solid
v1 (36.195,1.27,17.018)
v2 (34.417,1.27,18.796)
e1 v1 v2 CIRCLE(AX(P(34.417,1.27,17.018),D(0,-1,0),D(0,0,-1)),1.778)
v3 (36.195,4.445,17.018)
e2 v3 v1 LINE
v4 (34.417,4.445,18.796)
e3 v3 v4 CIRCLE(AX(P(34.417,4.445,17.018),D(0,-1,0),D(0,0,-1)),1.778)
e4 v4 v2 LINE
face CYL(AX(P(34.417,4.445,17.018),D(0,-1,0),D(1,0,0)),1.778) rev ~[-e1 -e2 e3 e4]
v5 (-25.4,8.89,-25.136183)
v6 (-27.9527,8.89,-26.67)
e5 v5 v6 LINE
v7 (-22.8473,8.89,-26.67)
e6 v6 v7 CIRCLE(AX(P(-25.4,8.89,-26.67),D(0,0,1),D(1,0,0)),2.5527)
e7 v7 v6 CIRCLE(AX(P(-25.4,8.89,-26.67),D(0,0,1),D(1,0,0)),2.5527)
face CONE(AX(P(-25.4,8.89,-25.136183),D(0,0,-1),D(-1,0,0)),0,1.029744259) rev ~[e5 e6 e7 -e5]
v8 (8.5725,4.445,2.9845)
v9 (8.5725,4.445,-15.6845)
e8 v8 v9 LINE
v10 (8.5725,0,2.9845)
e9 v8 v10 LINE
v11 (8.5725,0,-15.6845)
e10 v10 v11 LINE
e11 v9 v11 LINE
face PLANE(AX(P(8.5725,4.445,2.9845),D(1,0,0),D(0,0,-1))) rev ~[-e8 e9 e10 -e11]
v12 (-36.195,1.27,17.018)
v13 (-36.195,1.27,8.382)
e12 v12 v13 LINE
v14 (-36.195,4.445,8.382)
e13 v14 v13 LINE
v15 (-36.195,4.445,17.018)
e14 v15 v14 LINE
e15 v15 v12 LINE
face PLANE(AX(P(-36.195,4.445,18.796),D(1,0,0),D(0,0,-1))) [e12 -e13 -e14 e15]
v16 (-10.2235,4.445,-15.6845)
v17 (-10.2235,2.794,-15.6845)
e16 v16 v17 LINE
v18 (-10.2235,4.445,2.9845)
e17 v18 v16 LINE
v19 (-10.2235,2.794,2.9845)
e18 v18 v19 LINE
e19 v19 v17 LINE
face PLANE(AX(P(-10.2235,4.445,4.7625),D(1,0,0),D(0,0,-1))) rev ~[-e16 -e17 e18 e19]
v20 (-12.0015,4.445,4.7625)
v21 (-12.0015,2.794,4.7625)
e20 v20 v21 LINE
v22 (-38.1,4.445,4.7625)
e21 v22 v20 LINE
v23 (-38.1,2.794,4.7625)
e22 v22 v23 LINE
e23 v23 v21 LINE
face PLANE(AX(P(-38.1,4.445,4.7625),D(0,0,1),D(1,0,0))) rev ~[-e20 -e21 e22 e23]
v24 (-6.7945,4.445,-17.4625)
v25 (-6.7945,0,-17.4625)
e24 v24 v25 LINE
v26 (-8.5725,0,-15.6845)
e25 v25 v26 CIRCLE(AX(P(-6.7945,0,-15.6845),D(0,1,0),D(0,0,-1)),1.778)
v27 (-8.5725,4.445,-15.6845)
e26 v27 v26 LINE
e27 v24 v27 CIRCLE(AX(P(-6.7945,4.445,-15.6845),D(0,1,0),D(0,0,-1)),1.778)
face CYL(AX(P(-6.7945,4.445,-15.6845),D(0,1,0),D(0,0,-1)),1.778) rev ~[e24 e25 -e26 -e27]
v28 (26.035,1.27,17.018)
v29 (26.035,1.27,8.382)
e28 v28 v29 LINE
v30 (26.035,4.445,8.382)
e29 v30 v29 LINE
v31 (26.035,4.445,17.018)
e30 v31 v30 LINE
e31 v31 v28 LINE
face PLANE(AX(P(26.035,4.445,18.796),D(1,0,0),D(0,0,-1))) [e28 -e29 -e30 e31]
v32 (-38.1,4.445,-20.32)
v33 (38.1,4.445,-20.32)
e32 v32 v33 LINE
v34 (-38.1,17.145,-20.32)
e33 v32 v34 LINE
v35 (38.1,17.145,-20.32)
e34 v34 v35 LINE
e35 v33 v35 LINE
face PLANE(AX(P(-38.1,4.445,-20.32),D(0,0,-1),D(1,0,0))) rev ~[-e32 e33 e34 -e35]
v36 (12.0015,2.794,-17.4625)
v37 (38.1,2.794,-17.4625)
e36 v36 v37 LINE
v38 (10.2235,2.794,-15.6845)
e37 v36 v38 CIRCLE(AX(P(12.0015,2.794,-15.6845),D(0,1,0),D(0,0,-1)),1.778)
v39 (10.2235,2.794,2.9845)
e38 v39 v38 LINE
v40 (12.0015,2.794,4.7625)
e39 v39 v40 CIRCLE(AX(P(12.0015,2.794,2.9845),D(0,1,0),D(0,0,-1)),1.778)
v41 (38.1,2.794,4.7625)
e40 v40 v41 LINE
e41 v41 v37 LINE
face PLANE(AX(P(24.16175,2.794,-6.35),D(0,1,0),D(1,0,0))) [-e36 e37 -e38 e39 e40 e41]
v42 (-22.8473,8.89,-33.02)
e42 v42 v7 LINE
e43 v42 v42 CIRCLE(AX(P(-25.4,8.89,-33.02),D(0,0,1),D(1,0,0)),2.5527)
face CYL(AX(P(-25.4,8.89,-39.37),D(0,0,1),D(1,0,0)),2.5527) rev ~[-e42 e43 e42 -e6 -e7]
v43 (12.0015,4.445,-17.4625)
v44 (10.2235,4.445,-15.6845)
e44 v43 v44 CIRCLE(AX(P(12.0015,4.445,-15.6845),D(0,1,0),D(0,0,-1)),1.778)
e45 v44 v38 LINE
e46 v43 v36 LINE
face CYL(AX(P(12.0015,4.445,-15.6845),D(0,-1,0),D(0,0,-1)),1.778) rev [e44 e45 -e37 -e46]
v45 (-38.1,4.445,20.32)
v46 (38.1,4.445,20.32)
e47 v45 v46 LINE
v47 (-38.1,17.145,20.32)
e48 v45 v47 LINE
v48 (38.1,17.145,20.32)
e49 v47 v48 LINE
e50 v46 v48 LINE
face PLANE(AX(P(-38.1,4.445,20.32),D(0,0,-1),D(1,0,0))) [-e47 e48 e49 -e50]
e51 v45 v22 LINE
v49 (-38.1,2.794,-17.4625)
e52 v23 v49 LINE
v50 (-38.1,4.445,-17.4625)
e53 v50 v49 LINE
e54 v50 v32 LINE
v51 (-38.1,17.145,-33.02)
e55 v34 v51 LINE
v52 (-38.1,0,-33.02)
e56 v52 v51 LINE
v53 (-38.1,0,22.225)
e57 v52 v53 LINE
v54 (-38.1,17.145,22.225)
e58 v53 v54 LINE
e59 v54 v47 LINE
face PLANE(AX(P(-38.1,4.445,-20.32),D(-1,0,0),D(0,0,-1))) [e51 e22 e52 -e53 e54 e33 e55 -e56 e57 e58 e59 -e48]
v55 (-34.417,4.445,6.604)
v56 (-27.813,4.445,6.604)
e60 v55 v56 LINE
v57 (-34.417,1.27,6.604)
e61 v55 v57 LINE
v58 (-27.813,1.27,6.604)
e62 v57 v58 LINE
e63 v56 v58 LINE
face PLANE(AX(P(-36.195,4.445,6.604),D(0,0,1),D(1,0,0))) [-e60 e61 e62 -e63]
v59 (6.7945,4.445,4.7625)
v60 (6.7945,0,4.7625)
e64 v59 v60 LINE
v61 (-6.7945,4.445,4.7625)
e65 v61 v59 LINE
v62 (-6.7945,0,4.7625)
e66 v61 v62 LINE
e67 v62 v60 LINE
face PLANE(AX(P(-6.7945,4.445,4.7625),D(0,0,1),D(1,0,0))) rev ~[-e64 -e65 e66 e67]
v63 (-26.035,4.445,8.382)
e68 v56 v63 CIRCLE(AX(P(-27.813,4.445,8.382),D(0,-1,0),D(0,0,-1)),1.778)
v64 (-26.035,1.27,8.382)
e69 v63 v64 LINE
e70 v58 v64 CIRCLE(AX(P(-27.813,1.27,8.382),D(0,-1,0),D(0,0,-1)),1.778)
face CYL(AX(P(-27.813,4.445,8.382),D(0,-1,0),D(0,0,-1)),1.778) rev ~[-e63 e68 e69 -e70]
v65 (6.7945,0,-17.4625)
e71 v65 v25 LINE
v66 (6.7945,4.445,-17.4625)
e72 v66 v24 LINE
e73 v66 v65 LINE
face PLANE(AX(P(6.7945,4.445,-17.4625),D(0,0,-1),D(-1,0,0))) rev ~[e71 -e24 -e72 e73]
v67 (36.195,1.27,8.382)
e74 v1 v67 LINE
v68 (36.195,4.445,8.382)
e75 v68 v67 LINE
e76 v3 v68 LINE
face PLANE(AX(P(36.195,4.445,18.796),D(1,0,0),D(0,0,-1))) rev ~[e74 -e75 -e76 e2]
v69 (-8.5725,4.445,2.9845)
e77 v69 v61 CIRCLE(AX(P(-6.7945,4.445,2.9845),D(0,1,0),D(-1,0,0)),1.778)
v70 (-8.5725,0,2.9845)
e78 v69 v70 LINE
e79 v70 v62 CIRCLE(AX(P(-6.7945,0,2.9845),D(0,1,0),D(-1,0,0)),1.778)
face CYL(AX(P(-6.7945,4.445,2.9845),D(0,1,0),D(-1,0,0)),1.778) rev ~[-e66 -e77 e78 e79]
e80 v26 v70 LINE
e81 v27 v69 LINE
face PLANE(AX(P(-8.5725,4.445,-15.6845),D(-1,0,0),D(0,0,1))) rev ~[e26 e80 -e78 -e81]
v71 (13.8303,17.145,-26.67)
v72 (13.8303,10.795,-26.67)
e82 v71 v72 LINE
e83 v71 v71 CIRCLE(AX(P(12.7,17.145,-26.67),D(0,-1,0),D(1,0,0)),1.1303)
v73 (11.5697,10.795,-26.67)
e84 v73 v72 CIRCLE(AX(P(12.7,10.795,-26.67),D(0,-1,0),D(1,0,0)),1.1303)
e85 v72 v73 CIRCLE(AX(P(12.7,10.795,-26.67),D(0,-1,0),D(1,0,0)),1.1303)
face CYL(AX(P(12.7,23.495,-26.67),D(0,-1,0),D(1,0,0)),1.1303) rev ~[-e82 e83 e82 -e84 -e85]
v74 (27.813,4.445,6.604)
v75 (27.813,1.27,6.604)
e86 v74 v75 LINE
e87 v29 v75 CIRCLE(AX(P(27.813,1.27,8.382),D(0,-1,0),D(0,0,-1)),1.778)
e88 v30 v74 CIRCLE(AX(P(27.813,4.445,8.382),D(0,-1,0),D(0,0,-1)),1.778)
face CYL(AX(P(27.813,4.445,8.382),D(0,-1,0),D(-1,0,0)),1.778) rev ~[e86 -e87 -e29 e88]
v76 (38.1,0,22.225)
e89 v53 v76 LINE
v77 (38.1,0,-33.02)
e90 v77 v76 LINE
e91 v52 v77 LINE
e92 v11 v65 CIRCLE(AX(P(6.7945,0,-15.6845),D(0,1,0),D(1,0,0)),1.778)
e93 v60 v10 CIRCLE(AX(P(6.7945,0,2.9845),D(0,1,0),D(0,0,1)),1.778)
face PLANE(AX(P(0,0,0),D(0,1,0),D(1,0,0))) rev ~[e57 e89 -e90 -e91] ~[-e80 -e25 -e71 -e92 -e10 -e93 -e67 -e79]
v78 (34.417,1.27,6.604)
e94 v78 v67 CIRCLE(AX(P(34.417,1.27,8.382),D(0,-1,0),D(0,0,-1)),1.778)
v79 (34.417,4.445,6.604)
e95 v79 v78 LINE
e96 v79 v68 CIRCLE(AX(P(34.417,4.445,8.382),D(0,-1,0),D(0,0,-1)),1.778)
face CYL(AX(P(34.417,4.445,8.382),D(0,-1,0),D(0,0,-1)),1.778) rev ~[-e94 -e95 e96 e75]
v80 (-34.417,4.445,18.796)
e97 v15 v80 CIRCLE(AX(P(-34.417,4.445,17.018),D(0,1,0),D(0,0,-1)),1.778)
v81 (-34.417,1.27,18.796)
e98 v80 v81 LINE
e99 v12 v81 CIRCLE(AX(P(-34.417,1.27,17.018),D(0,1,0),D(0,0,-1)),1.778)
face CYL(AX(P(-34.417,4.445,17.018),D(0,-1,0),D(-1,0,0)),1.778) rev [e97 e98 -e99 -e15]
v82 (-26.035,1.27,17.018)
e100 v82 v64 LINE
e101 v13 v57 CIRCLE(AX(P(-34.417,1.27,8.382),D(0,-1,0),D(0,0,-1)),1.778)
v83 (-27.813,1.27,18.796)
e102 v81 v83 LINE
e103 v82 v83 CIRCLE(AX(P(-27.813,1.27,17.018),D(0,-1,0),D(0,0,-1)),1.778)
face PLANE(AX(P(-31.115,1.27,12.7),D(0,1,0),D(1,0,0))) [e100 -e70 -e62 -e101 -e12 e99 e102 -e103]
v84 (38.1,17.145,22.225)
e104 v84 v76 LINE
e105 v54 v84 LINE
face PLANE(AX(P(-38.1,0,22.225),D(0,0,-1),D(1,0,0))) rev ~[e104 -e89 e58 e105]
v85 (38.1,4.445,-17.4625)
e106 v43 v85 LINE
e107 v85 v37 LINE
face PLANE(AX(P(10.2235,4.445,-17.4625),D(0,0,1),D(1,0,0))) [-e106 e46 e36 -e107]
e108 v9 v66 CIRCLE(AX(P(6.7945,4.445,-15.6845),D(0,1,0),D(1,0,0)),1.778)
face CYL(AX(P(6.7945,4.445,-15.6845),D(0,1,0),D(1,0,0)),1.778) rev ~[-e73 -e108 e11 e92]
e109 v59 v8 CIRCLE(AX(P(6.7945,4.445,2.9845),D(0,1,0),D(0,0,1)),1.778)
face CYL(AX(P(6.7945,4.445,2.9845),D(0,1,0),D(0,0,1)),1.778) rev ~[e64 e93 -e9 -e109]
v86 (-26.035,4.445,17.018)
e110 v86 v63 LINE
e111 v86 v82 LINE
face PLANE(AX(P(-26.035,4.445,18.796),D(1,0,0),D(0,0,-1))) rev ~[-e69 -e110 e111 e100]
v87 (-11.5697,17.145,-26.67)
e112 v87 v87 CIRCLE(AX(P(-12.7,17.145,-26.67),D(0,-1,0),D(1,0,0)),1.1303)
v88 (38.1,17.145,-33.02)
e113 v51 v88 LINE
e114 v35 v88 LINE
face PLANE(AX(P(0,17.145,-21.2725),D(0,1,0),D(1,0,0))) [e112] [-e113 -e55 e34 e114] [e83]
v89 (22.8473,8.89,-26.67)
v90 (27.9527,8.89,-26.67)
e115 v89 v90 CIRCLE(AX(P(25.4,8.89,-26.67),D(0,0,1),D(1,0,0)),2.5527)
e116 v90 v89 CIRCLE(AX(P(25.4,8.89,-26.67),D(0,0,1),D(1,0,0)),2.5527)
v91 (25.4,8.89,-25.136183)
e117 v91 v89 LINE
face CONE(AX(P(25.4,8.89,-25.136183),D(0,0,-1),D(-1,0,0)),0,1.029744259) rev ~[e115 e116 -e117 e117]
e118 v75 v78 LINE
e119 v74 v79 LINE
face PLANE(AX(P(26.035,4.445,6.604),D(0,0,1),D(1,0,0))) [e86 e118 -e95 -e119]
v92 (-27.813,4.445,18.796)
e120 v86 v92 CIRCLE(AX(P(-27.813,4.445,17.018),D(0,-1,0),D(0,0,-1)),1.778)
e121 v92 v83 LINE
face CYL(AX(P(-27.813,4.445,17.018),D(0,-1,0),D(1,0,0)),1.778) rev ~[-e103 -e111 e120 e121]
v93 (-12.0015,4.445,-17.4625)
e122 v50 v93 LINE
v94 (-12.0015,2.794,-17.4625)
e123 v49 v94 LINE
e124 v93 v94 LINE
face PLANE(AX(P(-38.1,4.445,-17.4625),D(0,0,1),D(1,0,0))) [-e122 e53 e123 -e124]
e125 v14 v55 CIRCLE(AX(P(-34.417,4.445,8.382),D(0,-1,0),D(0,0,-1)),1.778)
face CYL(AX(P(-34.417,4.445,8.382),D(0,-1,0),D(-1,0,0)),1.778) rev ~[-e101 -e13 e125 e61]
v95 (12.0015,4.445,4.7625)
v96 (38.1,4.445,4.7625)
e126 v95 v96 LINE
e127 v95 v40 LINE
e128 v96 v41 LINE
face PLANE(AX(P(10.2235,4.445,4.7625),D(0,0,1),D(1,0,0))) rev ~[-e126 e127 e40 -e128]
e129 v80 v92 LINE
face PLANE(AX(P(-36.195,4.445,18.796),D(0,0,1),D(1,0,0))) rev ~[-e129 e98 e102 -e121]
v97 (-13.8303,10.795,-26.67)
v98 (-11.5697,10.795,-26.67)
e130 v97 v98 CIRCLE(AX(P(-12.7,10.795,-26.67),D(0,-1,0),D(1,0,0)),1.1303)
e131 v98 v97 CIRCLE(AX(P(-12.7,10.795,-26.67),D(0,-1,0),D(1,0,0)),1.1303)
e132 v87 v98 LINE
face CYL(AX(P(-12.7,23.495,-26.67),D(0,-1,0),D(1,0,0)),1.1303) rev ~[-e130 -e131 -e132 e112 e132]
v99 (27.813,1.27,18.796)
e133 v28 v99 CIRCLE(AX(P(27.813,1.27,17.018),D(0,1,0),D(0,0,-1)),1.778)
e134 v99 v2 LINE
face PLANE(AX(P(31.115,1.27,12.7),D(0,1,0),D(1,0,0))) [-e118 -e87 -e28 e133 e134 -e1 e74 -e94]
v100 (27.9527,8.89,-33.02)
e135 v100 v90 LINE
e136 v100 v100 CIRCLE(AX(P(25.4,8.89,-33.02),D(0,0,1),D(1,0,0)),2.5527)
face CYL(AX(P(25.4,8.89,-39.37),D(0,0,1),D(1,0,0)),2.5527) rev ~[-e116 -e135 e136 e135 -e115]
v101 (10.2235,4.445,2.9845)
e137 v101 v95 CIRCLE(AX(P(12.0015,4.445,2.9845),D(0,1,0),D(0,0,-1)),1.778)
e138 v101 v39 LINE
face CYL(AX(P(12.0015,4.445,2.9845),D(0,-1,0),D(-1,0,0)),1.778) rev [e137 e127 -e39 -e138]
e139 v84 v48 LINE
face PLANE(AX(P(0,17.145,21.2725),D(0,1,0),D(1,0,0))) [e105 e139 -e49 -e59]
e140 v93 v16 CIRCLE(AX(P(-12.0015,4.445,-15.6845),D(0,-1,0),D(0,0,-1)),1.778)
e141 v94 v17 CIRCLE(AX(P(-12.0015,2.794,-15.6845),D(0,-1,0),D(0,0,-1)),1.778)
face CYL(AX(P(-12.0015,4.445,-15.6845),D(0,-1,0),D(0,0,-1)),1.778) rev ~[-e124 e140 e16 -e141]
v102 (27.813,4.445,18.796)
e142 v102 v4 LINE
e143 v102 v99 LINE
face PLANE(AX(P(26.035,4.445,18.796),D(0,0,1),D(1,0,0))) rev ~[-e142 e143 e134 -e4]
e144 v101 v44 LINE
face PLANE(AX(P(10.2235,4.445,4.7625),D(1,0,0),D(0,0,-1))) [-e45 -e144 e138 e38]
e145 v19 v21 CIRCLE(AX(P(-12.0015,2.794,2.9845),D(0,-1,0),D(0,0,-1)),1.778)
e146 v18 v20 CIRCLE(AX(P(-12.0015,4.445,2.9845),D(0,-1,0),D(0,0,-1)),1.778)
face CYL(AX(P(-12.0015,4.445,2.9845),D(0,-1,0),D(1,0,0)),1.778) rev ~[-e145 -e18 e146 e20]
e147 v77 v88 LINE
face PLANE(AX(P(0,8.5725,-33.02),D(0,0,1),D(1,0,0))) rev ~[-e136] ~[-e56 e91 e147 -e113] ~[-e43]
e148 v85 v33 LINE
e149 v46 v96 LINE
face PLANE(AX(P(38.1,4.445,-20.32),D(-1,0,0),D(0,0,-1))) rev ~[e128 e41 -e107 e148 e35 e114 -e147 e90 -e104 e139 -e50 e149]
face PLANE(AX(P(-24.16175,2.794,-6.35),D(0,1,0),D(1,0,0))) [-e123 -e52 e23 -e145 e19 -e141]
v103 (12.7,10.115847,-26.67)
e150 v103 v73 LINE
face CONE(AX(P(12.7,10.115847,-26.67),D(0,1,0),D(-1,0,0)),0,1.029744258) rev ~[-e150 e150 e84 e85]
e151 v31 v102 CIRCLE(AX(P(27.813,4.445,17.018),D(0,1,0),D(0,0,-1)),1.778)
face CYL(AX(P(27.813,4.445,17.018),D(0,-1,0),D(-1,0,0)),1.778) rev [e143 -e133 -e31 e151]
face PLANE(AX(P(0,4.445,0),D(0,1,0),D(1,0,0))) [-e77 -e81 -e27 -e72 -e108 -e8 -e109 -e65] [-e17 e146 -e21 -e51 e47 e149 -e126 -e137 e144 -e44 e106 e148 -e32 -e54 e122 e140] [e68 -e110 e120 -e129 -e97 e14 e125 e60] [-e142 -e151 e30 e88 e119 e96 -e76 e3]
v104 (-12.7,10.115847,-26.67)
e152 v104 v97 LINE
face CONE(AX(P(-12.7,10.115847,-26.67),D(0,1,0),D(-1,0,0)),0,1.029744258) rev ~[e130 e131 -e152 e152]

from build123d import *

# Parameters (mm, degrees)
SKETCH1_W                   = 76.2
SKETCH1_H                   = 44.45
BOSS_EXTRUDE1_DEPTH         = 4.445
SKETCH2_W                   = 76.2
SKETCH2_H                   = 1.905
BOSS_EXTRUDE2_DEPTH         = 12.7
CUT_EXTRUDE3_DEPTH          = 46.900442536
SKETCH7_W                   = 27.8765
SKETCH7_H                   = 22.225
CUT_EXTRUDE4_DEPTH          = 1.651
SKETCH11_W                  = 10.16
SKETCH11_H                  = 12.192
CUT_EXTRUDE6_DEPTH          = 3.175
SKETCH13_W                  = 76.2
SKETCH13_H                  = 17.145
BOSS_EXTRUDE3_DEPTH         = 12.7
FILLET1_R                   = 1.778
F_1_4_20_TAPPED_HOLE1_D     = 5.1054
F_1_4_20_TAPPED_HOLE1_DEPTH = 6.35
F_1_4_20_TAPPED_HOLE1_TIP   = 1.533816902
F_4_40_TAPPED_HOLE1_D       = 2.2606
F_4_40_TAPPED_HOLE1_DEPTH   = 6.35
F_4_40_TAPPED_HOLE1_TIP     = 0.679152758


with BuildPart() as part:
    # Sketch1 → Boss-Extrude1 (new body)
    with BuildSketch(Plane(origin=(0, 0, 0), x_dir=(1, 0, 0), z_dir=(0, 1, 0))):
        Rectangle(SKETCH1_W, SKETCH1_H)
    extrude(amount=BOSS_EXTRUDE1_DEPTH)

    # Sketch2 → Boss-Extrude2 (add)
    with BuildSketch(Plane(origin=(0, 4.445, 0), x_dir=(1, 0, 0), z_dir=(0, 1, 0))):
        with Locations((0, 21.2725)):
            Rectangle(SKETCH2_W, SKETCH2_H)
        with Locations((0, -21.2725)):
            Rectangle(SKETCH2_W, SKETCH2_H)
    extrude(amount=BOSS_EXTRUDE2_DEPTH)

    # Sketch6 → Cut-Extrude3 (cut, through all)
    with BuildSketch(Plane(origin=(0, 4.445, 0), x_dir=(1, 0, 0), z_dir=(0, 1, 0))):
        with BuildLine():
            Line((-8.5725, 15.6845), (-8.5725, -2.9845))
            ThreePointArc((-8.5725, -2.9845), (-8.051735857, -4.241735857), (-6.7945, -4.7625))
            Line((-6.7945, -4.7625), (6.7945, -4.7625))
            ThreePointArc((6.7945, -4.7625), (8.051735857, -4.241735857), (8.5725, -2.9845))
            Line((8.5725, -2.9845), (8.5725, 15.6845))
            ThreePointArc((8.5725, 15.6845), (8.051735857, 16.941735857), (6.7945, 17.4625))
            Line((6.7945, 17.4625), (-6.7945, 17.4625))
            ThreePointArc((-6.7945, 17.4625), (-8.051735857, 16.941735857), (-8.5725, 15.6845))
        make_face()
    extrude(amount=-CUT_EXTRUDE3_DEPTH, mode=Mode.SUBTRACT)

    # Sketch7 → Cut-Extrude4 (cut)
    with BuildSketch(Plane(origin=(0, 4.445, 0), x_dir=(1, 0, 0), z_dir=(0, 1, 0))):
        with Locations((-24.16175, 6.35)):
            Rectangle(SKETCH7_W, SKETCH7_H)
        with Locations((24.16175, 6.35)):
            Rectangle(SKETCH7_W, SKETCH7_H)
    extrude(amount=-CUT_EXTRUDE4_DEPTH, mode=Mode.SUBTRACT)

    # Sketch11 → Cut-Extrude6 (cut)
    with BuildSketch(Plane(origin=(0, 4.445, 0), x_dir=(1, 0, 0), z_dir=(0, 1, 0))):
        with Locations((-31.115, -12.7)):
            Rectangle(SKETCH11_W, SKETCH11_H)
        with Locations((31.115, -12.7)):
            Rectangle(SKETCH11_W, SKETCH11_H)
    extrude(amount=-CUT_EXTRUDE6_DEPTH, mode=Mode.SUBTRACT)

    # Sketch13 → Boss-Extrude3 (add)
    with BuildSketch(Plane.XY.offset(-20.32)):
        with Locations((0, 8.5725)):
            Rectangle(SKETCH13_W, SKETCH13_H)
    extrude(amount=-BOSS_EXTRUDE3_DEPTH)

    # Fillet1
    fillet1_edges = [part.edges().sort_by_distance(p)[0] for p in [
        (-26.035, 2.8575, 18.796),
        (-36.195, 2.8575, 18.796),
        (26.035, 2.8575, 18.796),
        (26.035, 2.8575, 6.604),
        (36.195, 2.8575, 6.604),
        (36.195, 2.8575, 18.796),
        (-10.2235, 3.6195, -17.4625),
        (-10.2235, 3.6195, 4.7625),
        (10.2235, 3.6195, -17.4625),
        (10.2235, 3.6195, 4.7625),
        (-36.195, 2.8575, 6.604),
        (-26.035, 2.8575, 6.604),
    ]]
    fillet(fillet1_edges, radius=FILLET1_R)

    # 1/4-20 Tapped Hole1
    with Locations(Plane(origin=(0, 0, -33.02), x_dir=(-1, 0, 0), z_dir=(0, 0, -1))):
        with Locations((-25.4, 8.89), (25.4, 8.89)):
            Hole(F_1_4_20_TAPPED_HOLE1_D / 2, depth=F_1_4_20_TAPPED_HOLE1_DEPTH)
            with Locations((0, 0, -(F_1_4_20_TAPPED_HOLE1_DEPTH + F_1_4_20_TAPPED_HOLE1_TIP / 2))):  # 118° drill point
                Cone(0, F_1_4_20_TAPPED_HOLE1_D / 2, F_1_4_20_TAPPED_HOLE1_TIP, mode=Mode.SUBTRACT)

    # #4-40 Tapped Hole1
    with Locations(Plane(origin=(0, 17.145, 0), x_dir=(-1, 0, 0), z_dir=(0, 1, 0))):
        with Locations((12.7, -26.67), (-12.7, -26.67)):
            Hole(F_4_40_TAPPED_HOLE1_D / 2, depth=F_4_40_TAPPED_HOLE1_DEPTH)
            with Locations((0, 0, -(F_4_40_TAPPED_HOLE1_DEPTH + F_4_40_TAPPED_HOLE1_TIP / 2))):  # 118° drill point
                Cone(0, F_4_40_TAPPED_HOLE1_D / 2, F_4_40_TAPPED_HOLE1_TIP, mode=Mode.SUBTRACT)


solid = part.part
